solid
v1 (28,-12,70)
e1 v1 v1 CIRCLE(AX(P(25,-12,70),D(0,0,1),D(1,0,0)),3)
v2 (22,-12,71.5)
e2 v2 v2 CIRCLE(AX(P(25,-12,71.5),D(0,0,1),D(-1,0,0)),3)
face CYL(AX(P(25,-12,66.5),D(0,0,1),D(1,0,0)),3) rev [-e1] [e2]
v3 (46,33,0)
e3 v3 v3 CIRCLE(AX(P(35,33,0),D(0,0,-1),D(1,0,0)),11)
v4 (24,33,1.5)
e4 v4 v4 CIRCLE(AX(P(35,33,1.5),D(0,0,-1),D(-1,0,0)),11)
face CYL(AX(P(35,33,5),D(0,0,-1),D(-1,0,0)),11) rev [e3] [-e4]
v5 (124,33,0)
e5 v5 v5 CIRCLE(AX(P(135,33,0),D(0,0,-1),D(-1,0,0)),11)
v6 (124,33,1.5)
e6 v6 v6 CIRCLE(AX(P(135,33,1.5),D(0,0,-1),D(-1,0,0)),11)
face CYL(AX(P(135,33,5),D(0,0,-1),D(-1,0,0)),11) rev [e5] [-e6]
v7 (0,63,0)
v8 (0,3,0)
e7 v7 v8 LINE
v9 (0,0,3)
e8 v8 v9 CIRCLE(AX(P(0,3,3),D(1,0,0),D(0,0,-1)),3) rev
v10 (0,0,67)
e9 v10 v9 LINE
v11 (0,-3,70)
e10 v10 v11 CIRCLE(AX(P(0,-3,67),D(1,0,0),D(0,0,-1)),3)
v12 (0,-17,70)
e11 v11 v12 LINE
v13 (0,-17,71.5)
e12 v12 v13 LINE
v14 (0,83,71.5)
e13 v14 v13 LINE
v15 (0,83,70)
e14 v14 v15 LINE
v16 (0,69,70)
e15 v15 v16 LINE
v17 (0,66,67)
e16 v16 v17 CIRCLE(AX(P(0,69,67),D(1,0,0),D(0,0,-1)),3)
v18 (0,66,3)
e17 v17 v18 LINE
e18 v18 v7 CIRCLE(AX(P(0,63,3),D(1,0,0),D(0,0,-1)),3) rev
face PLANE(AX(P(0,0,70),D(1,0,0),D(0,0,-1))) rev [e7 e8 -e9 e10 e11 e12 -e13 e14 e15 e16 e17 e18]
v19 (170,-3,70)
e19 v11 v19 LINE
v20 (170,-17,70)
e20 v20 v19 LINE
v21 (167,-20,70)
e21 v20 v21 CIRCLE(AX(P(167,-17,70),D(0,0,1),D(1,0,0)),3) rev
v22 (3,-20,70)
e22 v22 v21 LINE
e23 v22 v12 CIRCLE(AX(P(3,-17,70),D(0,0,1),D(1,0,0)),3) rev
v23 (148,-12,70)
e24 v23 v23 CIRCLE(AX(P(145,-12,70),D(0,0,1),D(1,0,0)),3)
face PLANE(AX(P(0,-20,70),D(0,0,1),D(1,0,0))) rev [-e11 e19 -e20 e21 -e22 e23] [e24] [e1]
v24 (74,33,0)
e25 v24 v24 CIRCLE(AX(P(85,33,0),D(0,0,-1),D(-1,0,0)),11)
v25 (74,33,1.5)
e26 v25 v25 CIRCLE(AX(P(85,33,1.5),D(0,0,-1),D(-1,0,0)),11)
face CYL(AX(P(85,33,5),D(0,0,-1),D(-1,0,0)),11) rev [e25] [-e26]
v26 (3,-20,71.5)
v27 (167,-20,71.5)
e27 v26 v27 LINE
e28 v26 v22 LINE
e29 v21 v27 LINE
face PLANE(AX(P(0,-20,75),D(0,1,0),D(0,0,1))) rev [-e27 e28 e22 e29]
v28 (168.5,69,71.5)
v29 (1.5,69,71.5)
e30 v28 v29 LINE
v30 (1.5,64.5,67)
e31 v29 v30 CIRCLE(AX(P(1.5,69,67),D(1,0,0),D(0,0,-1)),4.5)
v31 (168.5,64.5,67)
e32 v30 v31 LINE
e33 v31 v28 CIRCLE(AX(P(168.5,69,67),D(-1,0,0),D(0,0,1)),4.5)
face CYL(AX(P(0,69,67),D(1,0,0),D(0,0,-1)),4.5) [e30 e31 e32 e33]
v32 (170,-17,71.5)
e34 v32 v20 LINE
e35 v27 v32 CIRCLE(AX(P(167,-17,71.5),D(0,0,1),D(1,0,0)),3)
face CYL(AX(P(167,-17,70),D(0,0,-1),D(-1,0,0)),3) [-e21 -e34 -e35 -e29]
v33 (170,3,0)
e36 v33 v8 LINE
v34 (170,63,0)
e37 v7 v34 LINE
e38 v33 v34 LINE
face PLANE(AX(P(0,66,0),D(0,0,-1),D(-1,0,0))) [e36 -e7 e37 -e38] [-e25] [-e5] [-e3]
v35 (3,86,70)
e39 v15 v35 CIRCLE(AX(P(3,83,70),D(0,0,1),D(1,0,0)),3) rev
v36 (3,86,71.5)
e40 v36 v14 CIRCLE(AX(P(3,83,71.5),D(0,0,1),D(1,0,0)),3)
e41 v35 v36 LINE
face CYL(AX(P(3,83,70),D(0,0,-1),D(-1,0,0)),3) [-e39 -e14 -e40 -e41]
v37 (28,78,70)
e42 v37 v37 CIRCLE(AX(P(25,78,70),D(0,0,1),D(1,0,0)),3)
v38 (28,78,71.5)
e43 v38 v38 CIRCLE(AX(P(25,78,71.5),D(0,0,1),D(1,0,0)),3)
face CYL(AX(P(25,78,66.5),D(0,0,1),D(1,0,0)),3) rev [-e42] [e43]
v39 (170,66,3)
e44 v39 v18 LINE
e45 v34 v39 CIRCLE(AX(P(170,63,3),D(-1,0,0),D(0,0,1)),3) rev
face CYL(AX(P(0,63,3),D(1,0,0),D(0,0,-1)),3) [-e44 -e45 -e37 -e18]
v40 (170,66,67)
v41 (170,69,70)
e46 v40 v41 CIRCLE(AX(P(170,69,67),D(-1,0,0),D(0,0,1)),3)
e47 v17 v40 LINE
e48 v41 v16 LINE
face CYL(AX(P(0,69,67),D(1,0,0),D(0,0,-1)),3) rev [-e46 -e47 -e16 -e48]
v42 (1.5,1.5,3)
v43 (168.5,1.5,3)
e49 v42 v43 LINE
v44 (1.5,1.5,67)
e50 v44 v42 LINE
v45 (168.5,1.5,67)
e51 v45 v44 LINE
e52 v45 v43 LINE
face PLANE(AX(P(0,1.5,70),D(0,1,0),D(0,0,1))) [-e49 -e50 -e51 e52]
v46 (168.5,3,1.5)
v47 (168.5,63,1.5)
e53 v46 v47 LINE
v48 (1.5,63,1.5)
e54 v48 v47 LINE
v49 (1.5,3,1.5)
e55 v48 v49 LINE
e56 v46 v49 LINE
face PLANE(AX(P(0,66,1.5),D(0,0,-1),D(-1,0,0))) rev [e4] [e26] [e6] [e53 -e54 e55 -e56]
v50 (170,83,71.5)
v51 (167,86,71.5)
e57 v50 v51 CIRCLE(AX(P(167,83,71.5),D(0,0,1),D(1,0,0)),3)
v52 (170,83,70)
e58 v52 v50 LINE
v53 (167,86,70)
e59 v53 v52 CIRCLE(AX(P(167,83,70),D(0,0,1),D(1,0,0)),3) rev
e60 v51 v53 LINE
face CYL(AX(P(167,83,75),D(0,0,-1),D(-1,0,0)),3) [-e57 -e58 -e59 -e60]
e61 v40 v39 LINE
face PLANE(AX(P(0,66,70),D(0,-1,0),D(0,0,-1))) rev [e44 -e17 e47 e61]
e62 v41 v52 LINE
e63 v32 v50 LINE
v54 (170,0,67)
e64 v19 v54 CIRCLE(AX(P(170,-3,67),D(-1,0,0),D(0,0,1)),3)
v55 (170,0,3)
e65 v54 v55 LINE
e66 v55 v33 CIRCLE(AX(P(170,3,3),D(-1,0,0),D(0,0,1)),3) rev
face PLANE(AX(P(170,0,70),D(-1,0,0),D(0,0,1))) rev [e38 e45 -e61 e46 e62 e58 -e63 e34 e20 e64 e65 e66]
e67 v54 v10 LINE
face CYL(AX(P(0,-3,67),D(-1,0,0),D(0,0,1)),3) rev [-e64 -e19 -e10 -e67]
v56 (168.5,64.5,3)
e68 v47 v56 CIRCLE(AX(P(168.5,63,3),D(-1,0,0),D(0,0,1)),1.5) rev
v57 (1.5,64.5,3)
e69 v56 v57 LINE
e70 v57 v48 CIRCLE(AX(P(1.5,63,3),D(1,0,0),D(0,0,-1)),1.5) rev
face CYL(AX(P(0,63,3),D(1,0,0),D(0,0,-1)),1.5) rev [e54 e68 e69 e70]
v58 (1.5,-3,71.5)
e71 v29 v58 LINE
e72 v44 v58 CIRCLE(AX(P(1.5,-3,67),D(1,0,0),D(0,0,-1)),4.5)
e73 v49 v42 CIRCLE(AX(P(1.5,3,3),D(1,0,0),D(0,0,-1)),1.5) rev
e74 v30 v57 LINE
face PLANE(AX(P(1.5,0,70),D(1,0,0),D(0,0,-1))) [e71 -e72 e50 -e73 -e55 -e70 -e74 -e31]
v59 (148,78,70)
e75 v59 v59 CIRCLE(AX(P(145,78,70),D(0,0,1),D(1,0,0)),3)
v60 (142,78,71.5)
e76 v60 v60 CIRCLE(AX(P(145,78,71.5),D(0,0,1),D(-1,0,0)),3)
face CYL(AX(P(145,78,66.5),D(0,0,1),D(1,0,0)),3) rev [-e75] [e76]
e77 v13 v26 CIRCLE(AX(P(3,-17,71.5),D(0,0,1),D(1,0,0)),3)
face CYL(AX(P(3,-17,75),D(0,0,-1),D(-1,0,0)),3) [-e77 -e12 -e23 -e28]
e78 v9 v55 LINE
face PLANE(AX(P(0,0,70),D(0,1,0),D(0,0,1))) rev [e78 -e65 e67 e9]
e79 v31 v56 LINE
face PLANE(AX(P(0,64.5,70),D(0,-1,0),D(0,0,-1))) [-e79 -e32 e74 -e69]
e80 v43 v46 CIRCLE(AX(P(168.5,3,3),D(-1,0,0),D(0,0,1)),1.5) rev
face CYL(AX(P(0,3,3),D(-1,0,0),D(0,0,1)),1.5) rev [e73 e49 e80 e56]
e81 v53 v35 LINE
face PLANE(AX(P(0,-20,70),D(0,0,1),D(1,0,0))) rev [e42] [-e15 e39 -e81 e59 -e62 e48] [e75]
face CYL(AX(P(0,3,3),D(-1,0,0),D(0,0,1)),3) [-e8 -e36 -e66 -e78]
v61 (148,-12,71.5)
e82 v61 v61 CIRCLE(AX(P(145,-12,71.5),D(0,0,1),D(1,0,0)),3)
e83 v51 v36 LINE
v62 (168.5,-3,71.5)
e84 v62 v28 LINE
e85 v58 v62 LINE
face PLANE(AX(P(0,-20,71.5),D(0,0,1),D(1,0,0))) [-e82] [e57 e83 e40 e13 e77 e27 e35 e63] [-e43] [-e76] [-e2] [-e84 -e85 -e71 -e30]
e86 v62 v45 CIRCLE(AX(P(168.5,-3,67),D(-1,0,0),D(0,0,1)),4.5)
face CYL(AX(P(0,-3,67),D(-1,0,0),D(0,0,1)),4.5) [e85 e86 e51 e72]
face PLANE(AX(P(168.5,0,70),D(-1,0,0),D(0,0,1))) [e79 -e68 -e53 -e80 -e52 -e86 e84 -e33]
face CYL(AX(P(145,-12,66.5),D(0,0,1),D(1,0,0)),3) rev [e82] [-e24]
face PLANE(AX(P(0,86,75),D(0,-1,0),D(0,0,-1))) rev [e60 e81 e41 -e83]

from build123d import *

# Parameters (mm, degrees)
SKETCH_1_W               = 170
SKETCH_1_H               = 66
EXTRUDE_1_DEPTH          = 70
SKETCH_2_W               = 170
SKETCH_2_H               = 106
EXTRUDE_2_DEPTH          = 5
FILLET_1_R               = 3
SHELL_1_T                = -1.5
CUT_EXTRUDE_1_DEPTH      = 204.502456988
CUT_EXTRUDE_1_DEPTH_BACK = 5
SKETCH_3_W               = 3.5
SKETCH_3_H               = 106
SKETCH_4_R               = 11
CUT_EXTRUDE_2_DEPTH      = 5
SKETCH_5_R               = 3
CUT_EXTRUDE_3_DEPTH      = 5
FILLET_2_R               = 3


with BuildPart() as part:
    # 草图1 → 凸台-拉伸1 (new body)
    with BuildSketch(Plane.XY):
        with Locations((85, 33)):
            Rectangle(SKETCH_1_W, SKETCH_1_H)
    extrude(amount=EXTRUDE_1_DEPTH)

    # 草图2 → 凸台-拉伸2 (add)
    with BuildSketch(Plane.XY.offset(70)):
        with Locations((85, 33)):
            Rectangle(SKETCH_2_W, SKETCH_2_H)
    extrude(amount=EXTRUDE_2_DEPTH)

    # 圆角1
    fillet_1_edges = [part.edges().sort_by_distance(p)[0] for p in [
        (85, 0, 70),
        (85, 0, 0),
        (85, 66, 0),
        (85, 66, 70),
    ]]
    fillet(fillet_1_edges, radius=FILLET_1_R)

    # 抽壳1
    shell_1_openings = [part.faces().sort_by_distance(p)[0] for p in [
        (85, -20, 72.5),
        (85, 86, 72.5),
        (85, 33, 75),
    ]]
    offset(amount=SHELL_1_T, openings=shell_1_openings, kind=Kind.INTERSECTION)

    # 草图3 → 切除-拉伸1 (cut, two sides: drawn at the far end of the back side and taken through both)
    with BuildSketch(Plane.ZY.offset(-168.5).offset(-CUT_EXTRUDE_1_DEPTH_BACK)):
        with Locations((73.25, 33)):
            Rectangle(SKETCH_3_W, SKETCH_3_H)
    extrude(amount=CUT_EXTRUDE_1_DEPTH + CUT_EXTRUDE_1_DEPTH_BACK, mode=Mode.SUBTRACT)

    # 草图4 → 切除-拉伸2 (cut)
    with BuildSketch(Plane(origin=(0, 0, 0), x_dir=(-1, 0, 0), z_dir=(0, 0, -1))):
        with Locations((-135, 33)):
            Circle(SKETCH_4_R)
        with Locations((-85, 33)):
            Circle(SKETCH_4_R)
        with Locations((-35, 33)):
            Circle(SKETCH_4_R)
    extrude(amount=-CUT_EXTRUDE_2_DEPTH, mode=Mode.SUBTRACT)

    # 草图5 → 切除-拉伸3 (cut)
    with BuildSketch(Plane.XY.offset(71.5)):
        with Locations((145, -12)):
            Circle(SKETCH_5_R)
        with Locations((25, -12)):
            Circle(SKETCH_5_R)
        with Locations((25, 78)):
            Circle(SKETCH_5_R)
        with Locations((145, 78)):
            Circle(SKETCH_5_R)
    extrude(amount=-CUT_EXTRUDE_3_DEPTH, mode=Mode.SUBTRACT)

    # 圆角2
    fillet_2_edges = [part.edges().sort_by_distance(p)[0] for p in [
        (170, 86, 70.75),
        (0, 86, 70.75),
        (0, -20, 70.75),
        (170, -20, 70.75),
    ]]
    fillet(fillet_2_edges, radius=FILLET_2_R)


solid = part.part
